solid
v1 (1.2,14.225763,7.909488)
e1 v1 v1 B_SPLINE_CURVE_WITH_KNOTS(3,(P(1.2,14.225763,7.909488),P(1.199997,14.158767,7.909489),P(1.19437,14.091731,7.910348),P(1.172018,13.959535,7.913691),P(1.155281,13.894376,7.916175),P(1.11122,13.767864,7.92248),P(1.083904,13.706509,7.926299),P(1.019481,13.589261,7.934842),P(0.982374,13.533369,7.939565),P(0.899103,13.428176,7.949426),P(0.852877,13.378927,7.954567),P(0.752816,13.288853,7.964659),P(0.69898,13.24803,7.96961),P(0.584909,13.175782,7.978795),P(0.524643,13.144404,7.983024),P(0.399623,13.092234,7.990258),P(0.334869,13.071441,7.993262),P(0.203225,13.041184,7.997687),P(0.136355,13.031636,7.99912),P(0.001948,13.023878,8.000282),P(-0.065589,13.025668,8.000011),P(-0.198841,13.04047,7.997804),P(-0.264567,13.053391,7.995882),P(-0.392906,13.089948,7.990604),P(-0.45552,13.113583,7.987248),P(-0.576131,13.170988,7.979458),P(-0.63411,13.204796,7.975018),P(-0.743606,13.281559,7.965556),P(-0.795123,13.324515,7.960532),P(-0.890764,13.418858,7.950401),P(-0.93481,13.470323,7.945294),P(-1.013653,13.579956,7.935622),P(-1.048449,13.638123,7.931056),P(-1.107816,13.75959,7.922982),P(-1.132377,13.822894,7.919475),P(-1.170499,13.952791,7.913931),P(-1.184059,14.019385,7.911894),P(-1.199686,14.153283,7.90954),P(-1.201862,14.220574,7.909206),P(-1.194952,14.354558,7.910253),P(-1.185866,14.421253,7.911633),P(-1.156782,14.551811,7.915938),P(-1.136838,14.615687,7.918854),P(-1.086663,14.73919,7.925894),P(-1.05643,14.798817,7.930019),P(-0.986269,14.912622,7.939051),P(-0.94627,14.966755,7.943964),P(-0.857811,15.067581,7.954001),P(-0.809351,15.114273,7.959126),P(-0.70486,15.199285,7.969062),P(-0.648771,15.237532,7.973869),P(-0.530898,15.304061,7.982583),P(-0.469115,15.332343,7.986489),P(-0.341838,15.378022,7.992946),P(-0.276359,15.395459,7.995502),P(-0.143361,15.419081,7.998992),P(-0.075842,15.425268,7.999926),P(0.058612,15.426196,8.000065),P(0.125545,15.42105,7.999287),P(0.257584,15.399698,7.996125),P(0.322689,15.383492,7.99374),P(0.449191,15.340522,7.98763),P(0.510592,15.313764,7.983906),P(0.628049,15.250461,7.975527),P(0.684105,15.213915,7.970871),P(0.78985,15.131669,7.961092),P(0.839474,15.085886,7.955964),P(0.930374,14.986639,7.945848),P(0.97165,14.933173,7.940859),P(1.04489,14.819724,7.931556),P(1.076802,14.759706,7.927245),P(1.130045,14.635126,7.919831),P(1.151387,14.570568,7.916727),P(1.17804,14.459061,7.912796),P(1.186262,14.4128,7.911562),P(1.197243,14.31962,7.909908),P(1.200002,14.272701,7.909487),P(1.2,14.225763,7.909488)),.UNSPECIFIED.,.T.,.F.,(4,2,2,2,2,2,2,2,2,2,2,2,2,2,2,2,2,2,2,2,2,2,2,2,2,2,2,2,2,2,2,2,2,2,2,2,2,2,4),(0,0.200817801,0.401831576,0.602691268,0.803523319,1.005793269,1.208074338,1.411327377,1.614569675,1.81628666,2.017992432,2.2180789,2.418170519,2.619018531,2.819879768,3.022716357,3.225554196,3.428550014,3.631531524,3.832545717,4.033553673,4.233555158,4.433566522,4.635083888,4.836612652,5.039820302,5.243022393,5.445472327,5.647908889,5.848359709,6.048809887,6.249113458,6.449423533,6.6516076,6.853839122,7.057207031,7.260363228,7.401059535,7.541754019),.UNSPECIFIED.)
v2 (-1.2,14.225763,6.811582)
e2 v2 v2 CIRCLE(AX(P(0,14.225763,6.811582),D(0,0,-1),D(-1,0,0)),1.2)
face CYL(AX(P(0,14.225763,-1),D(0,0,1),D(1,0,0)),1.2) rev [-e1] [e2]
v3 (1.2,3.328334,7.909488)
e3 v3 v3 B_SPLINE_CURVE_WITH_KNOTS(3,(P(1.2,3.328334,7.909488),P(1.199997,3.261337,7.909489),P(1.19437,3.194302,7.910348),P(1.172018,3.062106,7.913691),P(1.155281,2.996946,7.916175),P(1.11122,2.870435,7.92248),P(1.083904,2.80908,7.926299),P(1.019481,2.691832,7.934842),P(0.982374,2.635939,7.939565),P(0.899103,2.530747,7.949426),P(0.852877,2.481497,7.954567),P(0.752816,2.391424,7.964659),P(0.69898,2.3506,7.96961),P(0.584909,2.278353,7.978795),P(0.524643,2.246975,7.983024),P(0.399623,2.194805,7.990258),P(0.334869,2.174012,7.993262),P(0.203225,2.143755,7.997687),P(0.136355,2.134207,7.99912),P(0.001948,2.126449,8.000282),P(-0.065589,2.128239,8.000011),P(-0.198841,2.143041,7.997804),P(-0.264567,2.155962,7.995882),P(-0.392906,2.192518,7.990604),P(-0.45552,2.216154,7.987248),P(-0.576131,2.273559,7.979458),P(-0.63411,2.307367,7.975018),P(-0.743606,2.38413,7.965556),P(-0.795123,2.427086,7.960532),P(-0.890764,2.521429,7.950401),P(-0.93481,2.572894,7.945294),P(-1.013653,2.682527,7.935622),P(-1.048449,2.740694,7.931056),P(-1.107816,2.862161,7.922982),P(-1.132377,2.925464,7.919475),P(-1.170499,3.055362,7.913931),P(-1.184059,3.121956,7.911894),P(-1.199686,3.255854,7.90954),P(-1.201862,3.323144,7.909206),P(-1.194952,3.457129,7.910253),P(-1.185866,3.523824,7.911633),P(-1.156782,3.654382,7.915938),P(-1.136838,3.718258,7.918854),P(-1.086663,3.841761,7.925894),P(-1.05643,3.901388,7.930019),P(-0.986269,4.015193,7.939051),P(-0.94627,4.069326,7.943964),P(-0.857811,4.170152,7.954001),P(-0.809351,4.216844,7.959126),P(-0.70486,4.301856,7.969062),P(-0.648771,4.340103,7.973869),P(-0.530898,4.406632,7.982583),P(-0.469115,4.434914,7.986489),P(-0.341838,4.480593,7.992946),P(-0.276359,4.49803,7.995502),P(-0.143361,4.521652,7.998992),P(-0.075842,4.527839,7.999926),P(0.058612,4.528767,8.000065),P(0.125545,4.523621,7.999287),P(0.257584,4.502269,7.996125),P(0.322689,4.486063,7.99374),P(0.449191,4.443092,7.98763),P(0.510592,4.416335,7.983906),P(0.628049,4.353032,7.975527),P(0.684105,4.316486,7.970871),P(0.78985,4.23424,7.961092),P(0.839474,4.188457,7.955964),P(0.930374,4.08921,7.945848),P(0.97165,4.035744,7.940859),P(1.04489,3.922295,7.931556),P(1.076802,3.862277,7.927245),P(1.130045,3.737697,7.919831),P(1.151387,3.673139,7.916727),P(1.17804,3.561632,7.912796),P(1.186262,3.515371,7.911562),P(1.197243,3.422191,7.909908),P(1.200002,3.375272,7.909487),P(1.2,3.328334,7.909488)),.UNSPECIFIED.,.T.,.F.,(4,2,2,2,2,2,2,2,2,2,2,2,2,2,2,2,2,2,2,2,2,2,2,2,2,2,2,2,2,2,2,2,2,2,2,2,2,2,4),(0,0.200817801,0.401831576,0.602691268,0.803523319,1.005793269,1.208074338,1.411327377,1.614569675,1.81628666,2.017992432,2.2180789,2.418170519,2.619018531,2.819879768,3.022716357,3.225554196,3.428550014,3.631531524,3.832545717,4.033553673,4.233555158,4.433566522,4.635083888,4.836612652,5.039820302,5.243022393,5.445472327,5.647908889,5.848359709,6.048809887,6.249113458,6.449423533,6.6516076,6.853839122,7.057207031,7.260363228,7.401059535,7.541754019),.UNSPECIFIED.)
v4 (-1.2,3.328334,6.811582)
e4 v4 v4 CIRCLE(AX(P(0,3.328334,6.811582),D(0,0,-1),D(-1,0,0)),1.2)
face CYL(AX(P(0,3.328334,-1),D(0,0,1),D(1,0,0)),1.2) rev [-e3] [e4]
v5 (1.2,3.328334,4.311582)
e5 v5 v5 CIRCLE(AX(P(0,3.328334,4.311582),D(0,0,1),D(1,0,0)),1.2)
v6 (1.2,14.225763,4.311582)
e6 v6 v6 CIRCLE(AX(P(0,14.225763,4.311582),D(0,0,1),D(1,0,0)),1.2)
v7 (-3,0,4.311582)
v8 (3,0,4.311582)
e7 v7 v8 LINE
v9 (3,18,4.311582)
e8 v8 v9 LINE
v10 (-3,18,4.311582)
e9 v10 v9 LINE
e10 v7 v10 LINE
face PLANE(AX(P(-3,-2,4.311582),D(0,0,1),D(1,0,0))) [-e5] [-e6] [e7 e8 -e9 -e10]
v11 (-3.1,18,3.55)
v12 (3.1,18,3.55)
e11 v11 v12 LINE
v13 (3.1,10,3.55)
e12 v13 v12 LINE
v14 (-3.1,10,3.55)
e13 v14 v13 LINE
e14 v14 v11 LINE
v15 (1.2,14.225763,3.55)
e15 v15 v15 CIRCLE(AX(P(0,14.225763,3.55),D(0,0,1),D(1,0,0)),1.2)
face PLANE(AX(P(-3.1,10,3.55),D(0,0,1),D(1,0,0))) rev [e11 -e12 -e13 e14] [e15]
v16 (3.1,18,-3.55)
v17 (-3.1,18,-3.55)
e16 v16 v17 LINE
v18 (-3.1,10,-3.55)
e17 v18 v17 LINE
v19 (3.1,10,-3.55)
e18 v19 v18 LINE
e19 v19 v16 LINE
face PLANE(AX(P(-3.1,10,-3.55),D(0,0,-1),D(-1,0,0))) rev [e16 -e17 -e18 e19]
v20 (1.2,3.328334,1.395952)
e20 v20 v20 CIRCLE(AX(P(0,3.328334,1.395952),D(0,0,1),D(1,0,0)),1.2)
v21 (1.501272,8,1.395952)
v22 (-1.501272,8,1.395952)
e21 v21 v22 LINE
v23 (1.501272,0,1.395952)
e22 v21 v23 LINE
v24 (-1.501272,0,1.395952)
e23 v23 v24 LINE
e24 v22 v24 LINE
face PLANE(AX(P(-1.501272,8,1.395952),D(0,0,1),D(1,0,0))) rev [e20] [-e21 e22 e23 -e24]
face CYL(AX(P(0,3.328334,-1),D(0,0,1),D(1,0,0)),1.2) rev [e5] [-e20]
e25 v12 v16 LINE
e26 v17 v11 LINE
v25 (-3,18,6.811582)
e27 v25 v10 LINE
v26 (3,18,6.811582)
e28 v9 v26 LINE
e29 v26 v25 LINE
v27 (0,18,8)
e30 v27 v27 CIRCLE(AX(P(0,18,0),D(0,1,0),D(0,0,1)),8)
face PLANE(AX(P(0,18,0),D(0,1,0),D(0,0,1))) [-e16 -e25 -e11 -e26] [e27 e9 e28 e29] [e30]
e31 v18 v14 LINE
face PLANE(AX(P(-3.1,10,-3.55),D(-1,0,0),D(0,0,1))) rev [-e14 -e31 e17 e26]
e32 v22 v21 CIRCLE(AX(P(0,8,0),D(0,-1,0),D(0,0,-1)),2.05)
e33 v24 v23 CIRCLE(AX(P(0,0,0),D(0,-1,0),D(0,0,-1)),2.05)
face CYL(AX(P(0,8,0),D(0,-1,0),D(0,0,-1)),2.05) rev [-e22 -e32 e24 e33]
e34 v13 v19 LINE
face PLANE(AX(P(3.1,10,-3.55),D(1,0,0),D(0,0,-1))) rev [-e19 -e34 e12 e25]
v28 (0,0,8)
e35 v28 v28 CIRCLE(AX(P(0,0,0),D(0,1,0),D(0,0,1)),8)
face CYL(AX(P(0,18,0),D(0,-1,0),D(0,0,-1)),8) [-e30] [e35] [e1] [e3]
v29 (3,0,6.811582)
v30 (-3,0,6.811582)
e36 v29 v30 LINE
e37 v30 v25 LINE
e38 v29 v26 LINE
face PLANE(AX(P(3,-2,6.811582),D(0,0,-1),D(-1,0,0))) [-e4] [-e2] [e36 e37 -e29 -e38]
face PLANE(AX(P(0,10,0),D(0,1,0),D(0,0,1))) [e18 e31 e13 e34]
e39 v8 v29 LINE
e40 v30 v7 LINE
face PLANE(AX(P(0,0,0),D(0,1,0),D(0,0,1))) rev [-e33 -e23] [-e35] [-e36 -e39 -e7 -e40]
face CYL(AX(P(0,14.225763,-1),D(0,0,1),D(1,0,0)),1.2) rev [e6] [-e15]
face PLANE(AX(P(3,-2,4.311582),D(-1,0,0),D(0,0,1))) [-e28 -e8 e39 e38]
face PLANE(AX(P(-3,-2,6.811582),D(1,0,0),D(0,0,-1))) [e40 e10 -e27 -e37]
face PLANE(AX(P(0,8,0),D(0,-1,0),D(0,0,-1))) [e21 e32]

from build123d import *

# Parameters (mm, degrees)
SKETCH1_R           = 8
BOSS_EXTRUDE1_DEPTH = 18
CUT_EXTRUDE1_DEPTH  = 8
SKETCH3_W           = 6.2
SKETCH3_H           = 7.1
CUT_EXTRUDE2_DEPTH  = 8
SKETCH4_W           = 6
SKETCH4_H           = 2.5
CUT_EXTRUDE3_DEPTH  = 20
SKETCH5_R           = 1.2
CUT_EXTRUDE4_DEPTH  = 9


with BuildPart() as part:
    # Sketch1 → Boss-Extrude1 (new body)
    with BuildSketch(Plane(origin=(0, 0, 0), x_dir=(1, 0, 0), z_dir=(0, 1, 0))):
        Circle(SKETCH1_R)
    extrude(amount=BOSS_EXTRUDE1_DEPTH)

    # Sketch2 → Cut-Extrude1 (cut)
    with BuildSketch(Plane.XZ):
        with BuildLine():
            Line((-1.501271778, 1.395952381), (1.501271778, 1.395952381))
            ThreePointArc((1.501271778, 1.395952381), (0, -2.05), (-1.501271778, 1.395952381))
        make_face()
    extrude(amount=-CUT_EXTRUDE1_DEPTH, mode=Mode.SUBTRACT)

    # Sketch3 → Cut-Extrude2 (cut)
    with BuildSketch(Plane(origin=(0, 18, 0), x_dir=(1, 0, 0), z_dir=(0, 1, 0))):
        Rectangle(SKETCH3_W, SKETCH3_H)
    extrude(amount=-CUT_EXTRUDE2_DEPTH, mode=Mode.SUBTRACT)

    # Sketch4 → Cut-Extrude3 (cut)
    with BuildSketch(Plane(origin=(0, 18, 0), x_dir=(1, 0, 0), z_dir=(0, 1, 0))):
        with Locations((0, -5.561582467)):
            Rectangle(SKETCH4_W, SKETCH4_H)
    extrude(amount=-CUT_EXTRUDE3_DEPTH, mode=Mode.SUBTRACT)

    # Sketch5 → Cut-Extrude4 (cut)
    with BuildSketch(Plane.XY.offset(8)):
        with Locations((0, 3.328333926)):
            Circle(SKETCH5_R)
        with Locations((0, 14.225763094)):
            Circle(SKETCH5_R)
    extrude(amount=-CUT_EXTRUDE4_DEPTH, mode=Mode.SUBTRACT)


solid = part.part
